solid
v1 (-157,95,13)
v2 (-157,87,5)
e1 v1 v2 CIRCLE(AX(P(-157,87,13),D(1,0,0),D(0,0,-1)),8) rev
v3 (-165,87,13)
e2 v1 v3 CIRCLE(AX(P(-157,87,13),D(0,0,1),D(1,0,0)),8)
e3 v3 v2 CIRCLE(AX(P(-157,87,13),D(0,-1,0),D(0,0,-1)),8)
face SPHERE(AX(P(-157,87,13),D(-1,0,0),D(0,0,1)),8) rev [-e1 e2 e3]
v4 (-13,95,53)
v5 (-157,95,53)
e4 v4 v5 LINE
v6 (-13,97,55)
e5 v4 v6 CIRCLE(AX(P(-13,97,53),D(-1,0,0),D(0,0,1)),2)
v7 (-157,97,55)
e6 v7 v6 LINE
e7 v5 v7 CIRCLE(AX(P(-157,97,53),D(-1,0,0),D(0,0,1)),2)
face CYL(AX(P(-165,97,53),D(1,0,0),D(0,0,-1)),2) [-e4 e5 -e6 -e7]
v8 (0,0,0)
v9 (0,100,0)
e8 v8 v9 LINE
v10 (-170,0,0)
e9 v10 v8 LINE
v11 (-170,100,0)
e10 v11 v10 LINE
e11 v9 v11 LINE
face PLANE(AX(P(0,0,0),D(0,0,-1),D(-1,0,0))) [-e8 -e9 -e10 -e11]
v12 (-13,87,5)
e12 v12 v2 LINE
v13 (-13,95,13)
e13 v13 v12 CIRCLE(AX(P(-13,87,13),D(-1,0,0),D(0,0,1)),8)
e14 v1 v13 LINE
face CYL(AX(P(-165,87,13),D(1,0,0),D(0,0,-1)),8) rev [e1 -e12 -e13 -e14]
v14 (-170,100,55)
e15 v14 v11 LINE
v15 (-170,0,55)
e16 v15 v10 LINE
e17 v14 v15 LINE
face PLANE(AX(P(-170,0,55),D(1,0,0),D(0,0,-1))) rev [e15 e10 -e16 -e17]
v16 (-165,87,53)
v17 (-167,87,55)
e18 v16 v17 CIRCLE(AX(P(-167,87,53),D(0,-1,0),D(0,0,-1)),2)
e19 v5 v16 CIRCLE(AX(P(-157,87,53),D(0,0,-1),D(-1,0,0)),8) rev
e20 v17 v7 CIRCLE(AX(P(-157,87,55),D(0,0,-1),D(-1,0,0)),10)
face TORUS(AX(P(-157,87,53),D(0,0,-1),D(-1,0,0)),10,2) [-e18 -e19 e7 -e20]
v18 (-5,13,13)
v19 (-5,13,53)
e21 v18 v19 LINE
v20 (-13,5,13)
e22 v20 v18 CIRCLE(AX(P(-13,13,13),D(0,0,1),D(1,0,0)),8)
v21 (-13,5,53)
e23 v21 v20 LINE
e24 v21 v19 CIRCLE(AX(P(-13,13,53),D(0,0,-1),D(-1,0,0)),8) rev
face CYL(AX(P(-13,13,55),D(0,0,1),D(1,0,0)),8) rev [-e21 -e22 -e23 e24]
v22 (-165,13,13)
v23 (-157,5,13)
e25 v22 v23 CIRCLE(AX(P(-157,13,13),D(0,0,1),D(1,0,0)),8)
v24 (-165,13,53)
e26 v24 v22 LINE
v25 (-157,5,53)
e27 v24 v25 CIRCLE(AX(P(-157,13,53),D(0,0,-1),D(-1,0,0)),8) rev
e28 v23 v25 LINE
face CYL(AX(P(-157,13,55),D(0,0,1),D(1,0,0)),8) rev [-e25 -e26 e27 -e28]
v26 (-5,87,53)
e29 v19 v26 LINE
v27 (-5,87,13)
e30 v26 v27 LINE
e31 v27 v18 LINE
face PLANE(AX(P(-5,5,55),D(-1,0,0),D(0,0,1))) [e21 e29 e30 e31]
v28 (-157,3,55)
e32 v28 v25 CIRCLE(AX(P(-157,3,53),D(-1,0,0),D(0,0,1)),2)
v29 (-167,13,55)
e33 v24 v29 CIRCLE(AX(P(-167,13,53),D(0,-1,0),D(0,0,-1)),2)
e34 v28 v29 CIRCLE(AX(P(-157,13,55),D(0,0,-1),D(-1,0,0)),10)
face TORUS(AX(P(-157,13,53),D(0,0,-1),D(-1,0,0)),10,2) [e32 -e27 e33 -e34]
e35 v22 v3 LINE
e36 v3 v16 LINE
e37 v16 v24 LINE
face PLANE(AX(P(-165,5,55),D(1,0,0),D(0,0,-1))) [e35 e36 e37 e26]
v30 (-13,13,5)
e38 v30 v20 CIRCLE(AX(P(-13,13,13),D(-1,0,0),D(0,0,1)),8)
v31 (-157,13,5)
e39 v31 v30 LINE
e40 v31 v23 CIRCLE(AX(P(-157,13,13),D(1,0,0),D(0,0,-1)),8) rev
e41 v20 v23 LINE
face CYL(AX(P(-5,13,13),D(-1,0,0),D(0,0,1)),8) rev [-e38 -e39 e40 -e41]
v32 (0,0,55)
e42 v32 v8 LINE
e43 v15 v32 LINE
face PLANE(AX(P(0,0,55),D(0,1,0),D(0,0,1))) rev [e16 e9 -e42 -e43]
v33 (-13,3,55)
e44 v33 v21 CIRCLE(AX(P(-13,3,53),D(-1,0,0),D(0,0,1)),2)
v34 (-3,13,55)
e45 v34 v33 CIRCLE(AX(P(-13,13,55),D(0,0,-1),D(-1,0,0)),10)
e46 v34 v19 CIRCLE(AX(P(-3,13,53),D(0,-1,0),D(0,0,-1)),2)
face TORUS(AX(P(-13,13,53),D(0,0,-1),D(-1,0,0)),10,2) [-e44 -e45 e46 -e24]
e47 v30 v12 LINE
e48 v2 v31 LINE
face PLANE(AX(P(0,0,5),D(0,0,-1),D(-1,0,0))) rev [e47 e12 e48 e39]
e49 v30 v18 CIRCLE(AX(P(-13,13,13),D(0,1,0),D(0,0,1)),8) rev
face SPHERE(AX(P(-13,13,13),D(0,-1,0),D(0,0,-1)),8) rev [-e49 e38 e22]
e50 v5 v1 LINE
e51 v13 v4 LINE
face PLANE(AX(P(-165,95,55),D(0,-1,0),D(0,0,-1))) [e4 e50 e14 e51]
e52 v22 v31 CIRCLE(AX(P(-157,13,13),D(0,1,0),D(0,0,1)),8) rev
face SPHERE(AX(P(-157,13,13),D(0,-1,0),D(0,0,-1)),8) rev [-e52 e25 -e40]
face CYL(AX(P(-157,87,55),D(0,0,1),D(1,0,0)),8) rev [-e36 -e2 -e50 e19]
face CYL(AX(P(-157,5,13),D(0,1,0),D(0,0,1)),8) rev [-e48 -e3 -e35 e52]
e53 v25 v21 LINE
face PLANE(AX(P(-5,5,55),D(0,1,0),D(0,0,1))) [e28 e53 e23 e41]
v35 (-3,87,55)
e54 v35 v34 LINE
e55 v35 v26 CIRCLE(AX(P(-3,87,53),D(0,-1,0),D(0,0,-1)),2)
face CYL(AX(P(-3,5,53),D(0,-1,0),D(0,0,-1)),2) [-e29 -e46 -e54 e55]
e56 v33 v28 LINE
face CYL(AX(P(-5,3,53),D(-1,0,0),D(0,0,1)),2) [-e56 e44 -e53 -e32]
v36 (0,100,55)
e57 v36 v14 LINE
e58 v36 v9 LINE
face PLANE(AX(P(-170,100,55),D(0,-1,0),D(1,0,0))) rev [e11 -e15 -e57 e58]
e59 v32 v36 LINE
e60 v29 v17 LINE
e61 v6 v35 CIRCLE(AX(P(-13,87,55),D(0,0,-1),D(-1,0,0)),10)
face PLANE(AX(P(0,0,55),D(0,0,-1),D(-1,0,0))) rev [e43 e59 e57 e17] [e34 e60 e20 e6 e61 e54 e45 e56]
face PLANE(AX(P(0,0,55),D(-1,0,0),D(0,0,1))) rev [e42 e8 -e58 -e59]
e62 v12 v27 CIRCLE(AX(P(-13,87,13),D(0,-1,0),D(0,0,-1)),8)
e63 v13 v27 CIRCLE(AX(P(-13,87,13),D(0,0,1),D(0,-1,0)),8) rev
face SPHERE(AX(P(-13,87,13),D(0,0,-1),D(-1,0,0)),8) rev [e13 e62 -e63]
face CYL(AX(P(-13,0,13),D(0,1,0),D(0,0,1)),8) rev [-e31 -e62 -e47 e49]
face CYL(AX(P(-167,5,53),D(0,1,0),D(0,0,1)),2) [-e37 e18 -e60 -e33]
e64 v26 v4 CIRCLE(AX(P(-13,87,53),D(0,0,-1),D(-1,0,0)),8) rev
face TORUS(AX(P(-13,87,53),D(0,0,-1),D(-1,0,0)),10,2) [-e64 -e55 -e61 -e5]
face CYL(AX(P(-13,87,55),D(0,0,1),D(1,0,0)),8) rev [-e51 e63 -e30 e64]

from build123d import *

# Parameters (mm, degrees)
IZIM1_W                     = 90
IZIM1_H                     = 160
Y_KSEKLIK_EKSTR_ZYON1_DEPTH = 5
IZIM1_3_W                   = 100
IZIM1_3_H                   = 170
IZIM1_3_W_2                 = 90
IZIM1_3_H_2                 = 160
Y_KSEKLIK_EKSTR_ZYON2_DEPTH = 55
RADYUS1_R                   = 8
RADYUS2_R                   = 2


with BuildPart() as part:
    # Çizim1 → Yükseklik-Ekstrüzyon1 (new body)
    with BuildSketch(Plane(origin=(0, 0, 0), x_dir=(0, 1, 0), z_dir=(0, 0, 1))):
        with Locations((50, 85)):
            Rectangle(IZIM1_W, IZIM1_H)
    extrude(amount=Y_KSEKLIK_EKSTR_ZYON1_DEPTH)

    # Çizim1<3> → Yükseklik-Ekstrüzyon2 (add)
    with BuildSketch(Plane(origin=(0, 0, 0), x_dir=(0, 1, 0), z_dir=(0, 0, 1))):
        with Locations((50, 85)):
            Rectangle(IZIM1_3_W, IZIM1_3_H)
        with Locations((50, 85)):
            Rectangle(IZIM1_3_W_2, IZIM1_3_H_2, mode=Mode.SUBTRACT)
    extrude(amount=Y_KSEKLIK_EKSTR_ZYON2_DEPTH)

    # Radyus1
    radyus1_edges = [part.edges().sort_by_distance(p)[0] for p in [
        (-165, 50, 5),
        (-5, 95, 30),
        (-165, 95, 30),
        (-165, 5, 30),
        (-5, 5, 30),
        (-85, 5, 5),
        (-5, 50, 5),
        (-85, 95, 5),
    ]]
    fillet(radyus1_edges, radius=RADYUS1_R)

    # Radyus2
    radyus2_edges = [part.edges().sort_by_distance(p)[0] for p in [
        (-5, 50, 55),
        (-85, 95, 55),
        (-85, 5, 55),
        (-165, 50, 55),
        (-7.343145751, 92.656854249, 55),
        (-7.343145751, 7.343145751, 55),
        (-162.656854249, 92.656854249, 55),
        (-162.656854249, 7.343145751, 55),
    ]]
    fillet(radyus2_edges, radius=RADYUS2_R)


solid = part.part
